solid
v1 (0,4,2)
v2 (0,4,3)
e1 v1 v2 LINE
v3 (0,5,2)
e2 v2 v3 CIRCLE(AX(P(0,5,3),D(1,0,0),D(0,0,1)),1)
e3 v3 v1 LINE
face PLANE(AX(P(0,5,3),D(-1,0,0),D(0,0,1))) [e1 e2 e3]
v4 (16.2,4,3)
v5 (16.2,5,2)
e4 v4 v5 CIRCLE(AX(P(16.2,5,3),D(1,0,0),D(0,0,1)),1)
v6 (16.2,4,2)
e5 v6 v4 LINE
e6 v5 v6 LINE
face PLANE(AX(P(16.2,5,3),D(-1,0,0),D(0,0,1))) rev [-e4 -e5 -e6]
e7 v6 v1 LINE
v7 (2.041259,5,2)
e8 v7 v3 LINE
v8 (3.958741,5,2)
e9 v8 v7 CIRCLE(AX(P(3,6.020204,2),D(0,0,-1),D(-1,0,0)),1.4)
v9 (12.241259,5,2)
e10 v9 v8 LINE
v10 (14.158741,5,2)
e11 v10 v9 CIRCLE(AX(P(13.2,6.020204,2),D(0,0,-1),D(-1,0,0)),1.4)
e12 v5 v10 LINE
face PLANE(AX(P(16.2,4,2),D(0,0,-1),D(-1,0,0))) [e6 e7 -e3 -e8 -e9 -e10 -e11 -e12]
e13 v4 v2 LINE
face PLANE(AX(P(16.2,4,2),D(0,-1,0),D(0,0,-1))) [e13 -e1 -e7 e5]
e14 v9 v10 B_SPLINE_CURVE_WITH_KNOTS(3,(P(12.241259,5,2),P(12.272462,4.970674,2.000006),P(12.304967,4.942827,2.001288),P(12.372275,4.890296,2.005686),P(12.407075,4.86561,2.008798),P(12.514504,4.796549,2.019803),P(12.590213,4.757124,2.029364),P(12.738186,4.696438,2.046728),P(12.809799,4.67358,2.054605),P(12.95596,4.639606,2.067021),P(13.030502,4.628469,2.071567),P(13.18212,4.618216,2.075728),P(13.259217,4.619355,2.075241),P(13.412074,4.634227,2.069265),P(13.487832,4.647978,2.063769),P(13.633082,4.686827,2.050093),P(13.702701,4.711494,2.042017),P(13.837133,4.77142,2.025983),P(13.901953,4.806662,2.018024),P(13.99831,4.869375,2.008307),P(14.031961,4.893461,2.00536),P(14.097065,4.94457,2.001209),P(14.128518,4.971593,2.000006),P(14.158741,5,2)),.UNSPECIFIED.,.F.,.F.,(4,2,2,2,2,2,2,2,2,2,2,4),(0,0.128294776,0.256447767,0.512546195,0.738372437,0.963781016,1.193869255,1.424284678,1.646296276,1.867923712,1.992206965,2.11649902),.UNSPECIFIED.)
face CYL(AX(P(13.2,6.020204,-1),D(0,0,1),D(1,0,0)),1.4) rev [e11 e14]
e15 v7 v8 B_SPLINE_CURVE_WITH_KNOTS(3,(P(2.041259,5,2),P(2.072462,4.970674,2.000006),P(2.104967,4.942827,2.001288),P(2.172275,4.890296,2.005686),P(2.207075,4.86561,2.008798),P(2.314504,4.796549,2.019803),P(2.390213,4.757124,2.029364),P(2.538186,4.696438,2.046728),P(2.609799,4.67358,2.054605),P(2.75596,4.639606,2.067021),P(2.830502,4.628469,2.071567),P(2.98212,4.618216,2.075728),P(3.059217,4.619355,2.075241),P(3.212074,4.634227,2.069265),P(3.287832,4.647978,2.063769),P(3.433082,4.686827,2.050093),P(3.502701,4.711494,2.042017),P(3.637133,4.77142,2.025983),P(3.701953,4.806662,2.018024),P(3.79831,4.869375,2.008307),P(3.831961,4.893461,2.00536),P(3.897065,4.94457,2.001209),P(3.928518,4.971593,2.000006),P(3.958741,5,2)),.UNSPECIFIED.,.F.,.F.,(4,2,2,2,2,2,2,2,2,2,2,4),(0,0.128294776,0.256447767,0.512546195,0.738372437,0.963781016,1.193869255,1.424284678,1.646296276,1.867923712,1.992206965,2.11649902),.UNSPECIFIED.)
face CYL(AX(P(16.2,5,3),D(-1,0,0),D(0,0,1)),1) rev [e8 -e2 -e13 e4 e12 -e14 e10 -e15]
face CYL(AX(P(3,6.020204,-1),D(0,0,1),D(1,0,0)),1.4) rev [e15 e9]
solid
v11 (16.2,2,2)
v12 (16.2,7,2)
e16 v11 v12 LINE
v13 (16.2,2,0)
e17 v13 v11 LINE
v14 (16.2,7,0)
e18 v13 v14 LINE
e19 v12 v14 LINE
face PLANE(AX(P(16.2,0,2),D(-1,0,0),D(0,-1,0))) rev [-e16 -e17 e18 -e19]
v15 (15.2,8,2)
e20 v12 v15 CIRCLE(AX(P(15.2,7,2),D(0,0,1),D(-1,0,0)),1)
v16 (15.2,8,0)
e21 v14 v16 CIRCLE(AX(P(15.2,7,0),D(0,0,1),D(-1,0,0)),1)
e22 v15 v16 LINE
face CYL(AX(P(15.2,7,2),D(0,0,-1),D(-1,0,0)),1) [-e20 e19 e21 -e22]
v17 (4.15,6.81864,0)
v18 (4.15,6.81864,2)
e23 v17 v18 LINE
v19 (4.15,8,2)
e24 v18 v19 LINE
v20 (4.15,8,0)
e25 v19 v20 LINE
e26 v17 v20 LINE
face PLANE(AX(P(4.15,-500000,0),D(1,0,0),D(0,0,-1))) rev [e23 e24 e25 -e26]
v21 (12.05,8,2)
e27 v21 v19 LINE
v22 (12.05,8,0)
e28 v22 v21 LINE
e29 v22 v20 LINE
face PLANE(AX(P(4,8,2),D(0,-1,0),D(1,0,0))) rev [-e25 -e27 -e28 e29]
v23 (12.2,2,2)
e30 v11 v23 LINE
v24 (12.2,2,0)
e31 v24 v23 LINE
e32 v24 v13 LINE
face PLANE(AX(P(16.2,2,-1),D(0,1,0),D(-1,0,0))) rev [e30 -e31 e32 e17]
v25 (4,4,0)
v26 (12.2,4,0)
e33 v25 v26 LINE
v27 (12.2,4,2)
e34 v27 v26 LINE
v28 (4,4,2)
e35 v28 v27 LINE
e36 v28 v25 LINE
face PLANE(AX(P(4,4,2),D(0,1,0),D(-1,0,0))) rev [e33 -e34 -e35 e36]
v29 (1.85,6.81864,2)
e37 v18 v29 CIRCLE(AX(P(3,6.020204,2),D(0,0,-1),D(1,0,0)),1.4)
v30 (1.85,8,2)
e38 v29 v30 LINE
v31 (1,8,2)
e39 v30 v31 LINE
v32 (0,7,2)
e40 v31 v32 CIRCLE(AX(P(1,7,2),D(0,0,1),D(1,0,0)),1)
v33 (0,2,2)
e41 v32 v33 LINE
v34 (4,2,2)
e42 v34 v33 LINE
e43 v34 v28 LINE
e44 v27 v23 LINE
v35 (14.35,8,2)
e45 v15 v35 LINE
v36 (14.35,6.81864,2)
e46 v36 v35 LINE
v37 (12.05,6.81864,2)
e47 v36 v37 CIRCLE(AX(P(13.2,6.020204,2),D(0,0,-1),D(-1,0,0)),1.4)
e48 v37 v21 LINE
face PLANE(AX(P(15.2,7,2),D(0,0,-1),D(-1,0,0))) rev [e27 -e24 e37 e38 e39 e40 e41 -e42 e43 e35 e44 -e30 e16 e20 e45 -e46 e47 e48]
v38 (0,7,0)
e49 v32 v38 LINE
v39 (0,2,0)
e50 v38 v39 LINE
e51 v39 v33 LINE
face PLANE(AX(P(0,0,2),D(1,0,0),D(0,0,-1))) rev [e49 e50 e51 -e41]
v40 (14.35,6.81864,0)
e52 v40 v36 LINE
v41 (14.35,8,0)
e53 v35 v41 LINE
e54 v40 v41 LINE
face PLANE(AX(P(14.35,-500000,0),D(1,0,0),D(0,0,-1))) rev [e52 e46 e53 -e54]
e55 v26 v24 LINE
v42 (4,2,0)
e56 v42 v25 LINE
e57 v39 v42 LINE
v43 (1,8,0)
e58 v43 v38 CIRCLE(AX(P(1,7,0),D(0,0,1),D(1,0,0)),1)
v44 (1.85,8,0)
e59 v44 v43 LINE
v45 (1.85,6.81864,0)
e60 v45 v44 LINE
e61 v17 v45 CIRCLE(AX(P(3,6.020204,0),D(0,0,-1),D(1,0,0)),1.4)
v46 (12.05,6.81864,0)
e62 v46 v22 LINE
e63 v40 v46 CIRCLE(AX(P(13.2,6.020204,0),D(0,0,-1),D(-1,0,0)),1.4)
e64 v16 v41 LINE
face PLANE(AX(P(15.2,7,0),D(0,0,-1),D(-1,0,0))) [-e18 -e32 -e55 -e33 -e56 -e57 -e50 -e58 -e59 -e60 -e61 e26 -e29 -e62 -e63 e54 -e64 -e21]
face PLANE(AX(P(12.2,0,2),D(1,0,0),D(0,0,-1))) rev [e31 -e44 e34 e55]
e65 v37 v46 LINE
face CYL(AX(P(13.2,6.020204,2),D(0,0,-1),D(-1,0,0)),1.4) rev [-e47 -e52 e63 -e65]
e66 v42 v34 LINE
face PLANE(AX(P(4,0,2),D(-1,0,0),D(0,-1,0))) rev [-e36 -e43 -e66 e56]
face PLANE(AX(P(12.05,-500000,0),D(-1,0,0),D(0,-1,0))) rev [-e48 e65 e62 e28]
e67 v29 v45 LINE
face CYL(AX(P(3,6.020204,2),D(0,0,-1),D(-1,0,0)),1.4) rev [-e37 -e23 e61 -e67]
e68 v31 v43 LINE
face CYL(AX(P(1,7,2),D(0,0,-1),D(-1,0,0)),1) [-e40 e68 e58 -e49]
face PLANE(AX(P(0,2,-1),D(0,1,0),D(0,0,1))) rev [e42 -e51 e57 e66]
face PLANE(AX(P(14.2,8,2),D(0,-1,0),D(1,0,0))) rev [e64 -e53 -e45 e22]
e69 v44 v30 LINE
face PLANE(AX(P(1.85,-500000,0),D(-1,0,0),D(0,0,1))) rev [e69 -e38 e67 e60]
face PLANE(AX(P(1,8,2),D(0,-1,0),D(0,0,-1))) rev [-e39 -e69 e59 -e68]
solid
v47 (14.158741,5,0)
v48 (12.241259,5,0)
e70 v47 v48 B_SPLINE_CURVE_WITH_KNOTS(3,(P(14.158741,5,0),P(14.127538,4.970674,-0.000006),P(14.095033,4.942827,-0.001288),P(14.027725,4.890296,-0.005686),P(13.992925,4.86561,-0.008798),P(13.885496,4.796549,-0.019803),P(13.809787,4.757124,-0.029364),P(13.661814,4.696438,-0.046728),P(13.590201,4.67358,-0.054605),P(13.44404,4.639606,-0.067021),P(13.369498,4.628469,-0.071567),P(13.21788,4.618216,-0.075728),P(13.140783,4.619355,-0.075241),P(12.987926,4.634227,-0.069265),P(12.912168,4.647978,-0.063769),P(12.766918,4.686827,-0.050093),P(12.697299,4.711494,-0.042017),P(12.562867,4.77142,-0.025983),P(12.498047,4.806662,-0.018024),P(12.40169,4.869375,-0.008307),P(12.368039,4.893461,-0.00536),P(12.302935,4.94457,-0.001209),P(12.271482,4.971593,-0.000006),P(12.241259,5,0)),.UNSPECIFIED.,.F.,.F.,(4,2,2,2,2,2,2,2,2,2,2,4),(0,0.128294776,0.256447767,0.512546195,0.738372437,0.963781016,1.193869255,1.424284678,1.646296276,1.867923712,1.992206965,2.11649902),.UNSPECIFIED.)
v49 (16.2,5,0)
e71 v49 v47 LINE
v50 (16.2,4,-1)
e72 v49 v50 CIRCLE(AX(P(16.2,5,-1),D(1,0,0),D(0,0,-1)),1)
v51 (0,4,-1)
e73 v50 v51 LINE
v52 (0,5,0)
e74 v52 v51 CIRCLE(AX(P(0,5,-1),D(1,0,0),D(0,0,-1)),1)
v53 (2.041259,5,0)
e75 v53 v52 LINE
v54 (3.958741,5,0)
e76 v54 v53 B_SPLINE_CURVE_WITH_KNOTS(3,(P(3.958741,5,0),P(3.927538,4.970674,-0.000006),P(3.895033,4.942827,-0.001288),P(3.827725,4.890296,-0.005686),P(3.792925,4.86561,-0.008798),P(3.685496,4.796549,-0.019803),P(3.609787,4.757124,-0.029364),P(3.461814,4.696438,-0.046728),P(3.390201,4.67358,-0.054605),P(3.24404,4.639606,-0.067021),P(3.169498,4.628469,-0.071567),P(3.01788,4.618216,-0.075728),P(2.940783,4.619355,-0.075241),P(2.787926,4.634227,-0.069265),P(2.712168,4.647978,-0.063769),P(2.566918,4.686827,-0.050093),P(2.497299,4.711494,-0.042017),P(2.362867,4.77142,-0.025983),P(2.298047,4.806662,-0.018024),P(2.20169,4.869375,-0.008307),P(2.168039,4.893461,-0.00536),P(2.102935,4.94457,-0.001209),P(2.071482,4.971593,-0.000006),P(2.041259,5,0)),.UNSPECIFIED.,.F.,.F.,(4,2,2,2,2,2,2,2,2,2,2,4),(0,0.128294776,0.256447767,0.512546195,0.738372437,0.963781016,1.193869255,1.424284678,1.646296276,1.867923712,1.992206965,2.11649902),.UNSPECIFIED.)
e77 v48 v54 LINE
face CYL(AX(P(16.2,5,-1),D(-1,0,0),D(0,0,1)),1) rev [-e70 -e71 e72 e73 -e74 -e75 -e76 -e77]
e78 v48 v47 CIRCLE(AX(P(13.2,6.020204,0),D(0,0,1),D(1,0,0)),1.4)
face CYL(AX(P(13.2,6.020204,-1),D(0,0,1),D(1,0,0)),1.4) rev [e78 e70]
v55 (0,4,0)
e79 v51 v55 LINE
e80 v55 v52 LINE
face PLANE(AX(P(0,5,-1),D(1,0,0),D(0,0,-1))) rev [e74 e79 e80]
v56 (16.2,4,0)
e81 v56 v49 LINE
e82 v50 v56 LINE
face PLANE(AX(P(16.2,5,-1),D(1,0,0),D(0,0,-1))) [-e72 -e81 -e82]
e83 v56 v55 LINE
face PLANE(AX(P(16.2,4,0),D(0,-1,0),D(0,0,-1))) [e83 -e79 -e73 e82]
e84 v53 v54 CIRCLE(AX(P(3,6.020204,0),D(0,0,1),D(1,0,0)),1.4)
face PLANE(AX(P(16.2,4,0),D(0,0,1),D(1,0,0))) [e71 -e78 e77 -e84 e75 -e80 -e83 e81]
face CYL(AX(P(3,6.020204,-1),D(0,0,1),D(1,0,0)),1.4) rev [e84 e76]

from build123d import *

# Parameters (mm, degrees)
BOSS_EXTRUDE1_DEPTH     = 2
BOSS_EXTRUDE2_DEPTH     = 16.2
BOSS_EXTRUDE2_2_DEPTH   = 16.2
SKETCH3_W               = 4
SKETCH3_H               = 2
CUT_EXTRUDE1_DEPTH      = 4
CUT_EXTRUDE4_START      = -1.18136
SKETCH5_W               = 2.3
SKETCH5_H               = 2
CUT_EXTRUDE4_DEPTH      = 1.18136
SKETCH8_R               = 1.4
CUT_EXTRUDE6_DEPTH      = 3
CUT_EXTRUDE6_DEPTH_BACK = 3


with BuildPart() as part:
    # Sketch1 → Boss-Extrude1 (new body)
    with BuildSketch(Plane.XY):
        with BuildLine():
            Line((4, 8), (12.2, 8))
            Line((12.2, 8), (12.2, 7))
            ThreePointArc((12.2, 7), (13.2, 4.620204103), (14.2, 7))
            Line((14.2, 7), (14.2, 8))
            Line((14.2, 8), (15.2, 8))
            ThreePointArc((15.2, 8), (15.907106781, 7.707106781), (16.2, 7))
            Line((16.2, 7), (16.2, 0))
            Line((16.2, 0), (12.2, 0))
            Line((12.2, 0), (12.2, 4))
            Line((12.2, 4), (4, 4))
            Line((4, 4), (4, 0))
            Line((4, 0), (0, 0))
            Line((0, 0), (0, 7))
            ThreePointArc((0, 7), (0.292893219, 7.707106781), (1, 8))
            Line((1, 8), (2, 8))
            Line((2, 8), (2, 7))
            ThreePointArc((2, 7), (3, 4.620204103), (4, 7))
            Line((4, 7), (4, 8))
        make_face()
    extrude(amount=BOSS_EXTRUDE1_DEPTH)

    # Sketch3 → Cut-Extrude1 (cut, through all)
    with BuildSketch(Plane.XY.offset(2)):
        with Locations((2, 1)):
            Rectangle(SKETCH3_W, SKETCH3_H)
        with Locations((14.2, 1)):
            Rectangle(SKETCH3_W, SKETCH3_H)
    extrude(amount=-CUT_EXTRUDE1_DEPTH, mode=Mode.SUBTRACT)

    # Sketch5 → Cut-Extrude4 (cut)
    with BuildSketch(Plane(origin=(0, 8, 0), x_dir=(1, 0, 0), z_dir=(0, 1, 0)).offset(CUT_EXTRUDE4_START)):
        with Locations((3, -1)):
            Rectangle(SKETCH5_W, SKETCH5_H)
        with Locations((13.2, -1)):
            Rectangle(SKETCH5_W, SKETCH5_H)
    extrude(amount=CUT_EXTRUDE4_DEPTH, mode=Mode.SUBTRACT)


with BuildPart() as body_2:
    # Sketch2 → Boss-Extrude2 (new body)
    with BuildSketch(Plane.ZY):
        with BuildLine():
            Line((2, 4), (2, 5))
            ThreePointArc((2, 5), (2.292893219, 4.292893219), (3, 4))
            Line((3, 4), (2, 4))
        make_face()
    extrude(amount=-BOSS_EXTRUDE2_DEPTH)


with BuildPart() as body_3:
    # Sketch2 → Boss-Extrude2 2 (new body)
    with BuildSketch(Plane.ZY):
        with BuildLine():
            Line((0, 4), (-1, 4))
            ThreePointArc((-1, 4), (-0.292893219, 4.292893219), (0, 5))
            Line((0, 5), (0, 4))
        make_face()
    extrude(amount=-BOSS_EXTRUDE2_2_DEPTH)


with BuildPart() as cut_extrude6_tool:
    # Sketch8 → Cut-Extrude6 (new body, two sides)
    with BuildSketch(Plane.XY.offset(1)) as cut_extrude6_sk:
        with Locations((3, 6.020204103)):
            Circle(SKETCH8_R)
        with Locations((13.2, 6.020204103)):
            Circle(SKETCH8_R)
    extrude(amount=CUT_EXTRUDE6_DEPTH)
    extrude(cut_extrude6_sk.sketch, amount=-CUT_EXTRUDE6_DEPTH_BACK)


with BuildPart() as body_2_1:
    add(body_2.part)

    # Cut-Extrude6: cut by cut_extrude6_tool
    add(cut_extrude6_tool.part, mode=Mode.SUBTRACT)


with BuildPart() as body_3_1:
    add(body_3.part)

    # Cut-Extrude6: cut by cut_extrude6_tool
    add(cut_extrude6_tool.part, mode=Mode.SUBTRACT)


solid = Compound([part.part, body_2_1.part, body_3_1.part])
